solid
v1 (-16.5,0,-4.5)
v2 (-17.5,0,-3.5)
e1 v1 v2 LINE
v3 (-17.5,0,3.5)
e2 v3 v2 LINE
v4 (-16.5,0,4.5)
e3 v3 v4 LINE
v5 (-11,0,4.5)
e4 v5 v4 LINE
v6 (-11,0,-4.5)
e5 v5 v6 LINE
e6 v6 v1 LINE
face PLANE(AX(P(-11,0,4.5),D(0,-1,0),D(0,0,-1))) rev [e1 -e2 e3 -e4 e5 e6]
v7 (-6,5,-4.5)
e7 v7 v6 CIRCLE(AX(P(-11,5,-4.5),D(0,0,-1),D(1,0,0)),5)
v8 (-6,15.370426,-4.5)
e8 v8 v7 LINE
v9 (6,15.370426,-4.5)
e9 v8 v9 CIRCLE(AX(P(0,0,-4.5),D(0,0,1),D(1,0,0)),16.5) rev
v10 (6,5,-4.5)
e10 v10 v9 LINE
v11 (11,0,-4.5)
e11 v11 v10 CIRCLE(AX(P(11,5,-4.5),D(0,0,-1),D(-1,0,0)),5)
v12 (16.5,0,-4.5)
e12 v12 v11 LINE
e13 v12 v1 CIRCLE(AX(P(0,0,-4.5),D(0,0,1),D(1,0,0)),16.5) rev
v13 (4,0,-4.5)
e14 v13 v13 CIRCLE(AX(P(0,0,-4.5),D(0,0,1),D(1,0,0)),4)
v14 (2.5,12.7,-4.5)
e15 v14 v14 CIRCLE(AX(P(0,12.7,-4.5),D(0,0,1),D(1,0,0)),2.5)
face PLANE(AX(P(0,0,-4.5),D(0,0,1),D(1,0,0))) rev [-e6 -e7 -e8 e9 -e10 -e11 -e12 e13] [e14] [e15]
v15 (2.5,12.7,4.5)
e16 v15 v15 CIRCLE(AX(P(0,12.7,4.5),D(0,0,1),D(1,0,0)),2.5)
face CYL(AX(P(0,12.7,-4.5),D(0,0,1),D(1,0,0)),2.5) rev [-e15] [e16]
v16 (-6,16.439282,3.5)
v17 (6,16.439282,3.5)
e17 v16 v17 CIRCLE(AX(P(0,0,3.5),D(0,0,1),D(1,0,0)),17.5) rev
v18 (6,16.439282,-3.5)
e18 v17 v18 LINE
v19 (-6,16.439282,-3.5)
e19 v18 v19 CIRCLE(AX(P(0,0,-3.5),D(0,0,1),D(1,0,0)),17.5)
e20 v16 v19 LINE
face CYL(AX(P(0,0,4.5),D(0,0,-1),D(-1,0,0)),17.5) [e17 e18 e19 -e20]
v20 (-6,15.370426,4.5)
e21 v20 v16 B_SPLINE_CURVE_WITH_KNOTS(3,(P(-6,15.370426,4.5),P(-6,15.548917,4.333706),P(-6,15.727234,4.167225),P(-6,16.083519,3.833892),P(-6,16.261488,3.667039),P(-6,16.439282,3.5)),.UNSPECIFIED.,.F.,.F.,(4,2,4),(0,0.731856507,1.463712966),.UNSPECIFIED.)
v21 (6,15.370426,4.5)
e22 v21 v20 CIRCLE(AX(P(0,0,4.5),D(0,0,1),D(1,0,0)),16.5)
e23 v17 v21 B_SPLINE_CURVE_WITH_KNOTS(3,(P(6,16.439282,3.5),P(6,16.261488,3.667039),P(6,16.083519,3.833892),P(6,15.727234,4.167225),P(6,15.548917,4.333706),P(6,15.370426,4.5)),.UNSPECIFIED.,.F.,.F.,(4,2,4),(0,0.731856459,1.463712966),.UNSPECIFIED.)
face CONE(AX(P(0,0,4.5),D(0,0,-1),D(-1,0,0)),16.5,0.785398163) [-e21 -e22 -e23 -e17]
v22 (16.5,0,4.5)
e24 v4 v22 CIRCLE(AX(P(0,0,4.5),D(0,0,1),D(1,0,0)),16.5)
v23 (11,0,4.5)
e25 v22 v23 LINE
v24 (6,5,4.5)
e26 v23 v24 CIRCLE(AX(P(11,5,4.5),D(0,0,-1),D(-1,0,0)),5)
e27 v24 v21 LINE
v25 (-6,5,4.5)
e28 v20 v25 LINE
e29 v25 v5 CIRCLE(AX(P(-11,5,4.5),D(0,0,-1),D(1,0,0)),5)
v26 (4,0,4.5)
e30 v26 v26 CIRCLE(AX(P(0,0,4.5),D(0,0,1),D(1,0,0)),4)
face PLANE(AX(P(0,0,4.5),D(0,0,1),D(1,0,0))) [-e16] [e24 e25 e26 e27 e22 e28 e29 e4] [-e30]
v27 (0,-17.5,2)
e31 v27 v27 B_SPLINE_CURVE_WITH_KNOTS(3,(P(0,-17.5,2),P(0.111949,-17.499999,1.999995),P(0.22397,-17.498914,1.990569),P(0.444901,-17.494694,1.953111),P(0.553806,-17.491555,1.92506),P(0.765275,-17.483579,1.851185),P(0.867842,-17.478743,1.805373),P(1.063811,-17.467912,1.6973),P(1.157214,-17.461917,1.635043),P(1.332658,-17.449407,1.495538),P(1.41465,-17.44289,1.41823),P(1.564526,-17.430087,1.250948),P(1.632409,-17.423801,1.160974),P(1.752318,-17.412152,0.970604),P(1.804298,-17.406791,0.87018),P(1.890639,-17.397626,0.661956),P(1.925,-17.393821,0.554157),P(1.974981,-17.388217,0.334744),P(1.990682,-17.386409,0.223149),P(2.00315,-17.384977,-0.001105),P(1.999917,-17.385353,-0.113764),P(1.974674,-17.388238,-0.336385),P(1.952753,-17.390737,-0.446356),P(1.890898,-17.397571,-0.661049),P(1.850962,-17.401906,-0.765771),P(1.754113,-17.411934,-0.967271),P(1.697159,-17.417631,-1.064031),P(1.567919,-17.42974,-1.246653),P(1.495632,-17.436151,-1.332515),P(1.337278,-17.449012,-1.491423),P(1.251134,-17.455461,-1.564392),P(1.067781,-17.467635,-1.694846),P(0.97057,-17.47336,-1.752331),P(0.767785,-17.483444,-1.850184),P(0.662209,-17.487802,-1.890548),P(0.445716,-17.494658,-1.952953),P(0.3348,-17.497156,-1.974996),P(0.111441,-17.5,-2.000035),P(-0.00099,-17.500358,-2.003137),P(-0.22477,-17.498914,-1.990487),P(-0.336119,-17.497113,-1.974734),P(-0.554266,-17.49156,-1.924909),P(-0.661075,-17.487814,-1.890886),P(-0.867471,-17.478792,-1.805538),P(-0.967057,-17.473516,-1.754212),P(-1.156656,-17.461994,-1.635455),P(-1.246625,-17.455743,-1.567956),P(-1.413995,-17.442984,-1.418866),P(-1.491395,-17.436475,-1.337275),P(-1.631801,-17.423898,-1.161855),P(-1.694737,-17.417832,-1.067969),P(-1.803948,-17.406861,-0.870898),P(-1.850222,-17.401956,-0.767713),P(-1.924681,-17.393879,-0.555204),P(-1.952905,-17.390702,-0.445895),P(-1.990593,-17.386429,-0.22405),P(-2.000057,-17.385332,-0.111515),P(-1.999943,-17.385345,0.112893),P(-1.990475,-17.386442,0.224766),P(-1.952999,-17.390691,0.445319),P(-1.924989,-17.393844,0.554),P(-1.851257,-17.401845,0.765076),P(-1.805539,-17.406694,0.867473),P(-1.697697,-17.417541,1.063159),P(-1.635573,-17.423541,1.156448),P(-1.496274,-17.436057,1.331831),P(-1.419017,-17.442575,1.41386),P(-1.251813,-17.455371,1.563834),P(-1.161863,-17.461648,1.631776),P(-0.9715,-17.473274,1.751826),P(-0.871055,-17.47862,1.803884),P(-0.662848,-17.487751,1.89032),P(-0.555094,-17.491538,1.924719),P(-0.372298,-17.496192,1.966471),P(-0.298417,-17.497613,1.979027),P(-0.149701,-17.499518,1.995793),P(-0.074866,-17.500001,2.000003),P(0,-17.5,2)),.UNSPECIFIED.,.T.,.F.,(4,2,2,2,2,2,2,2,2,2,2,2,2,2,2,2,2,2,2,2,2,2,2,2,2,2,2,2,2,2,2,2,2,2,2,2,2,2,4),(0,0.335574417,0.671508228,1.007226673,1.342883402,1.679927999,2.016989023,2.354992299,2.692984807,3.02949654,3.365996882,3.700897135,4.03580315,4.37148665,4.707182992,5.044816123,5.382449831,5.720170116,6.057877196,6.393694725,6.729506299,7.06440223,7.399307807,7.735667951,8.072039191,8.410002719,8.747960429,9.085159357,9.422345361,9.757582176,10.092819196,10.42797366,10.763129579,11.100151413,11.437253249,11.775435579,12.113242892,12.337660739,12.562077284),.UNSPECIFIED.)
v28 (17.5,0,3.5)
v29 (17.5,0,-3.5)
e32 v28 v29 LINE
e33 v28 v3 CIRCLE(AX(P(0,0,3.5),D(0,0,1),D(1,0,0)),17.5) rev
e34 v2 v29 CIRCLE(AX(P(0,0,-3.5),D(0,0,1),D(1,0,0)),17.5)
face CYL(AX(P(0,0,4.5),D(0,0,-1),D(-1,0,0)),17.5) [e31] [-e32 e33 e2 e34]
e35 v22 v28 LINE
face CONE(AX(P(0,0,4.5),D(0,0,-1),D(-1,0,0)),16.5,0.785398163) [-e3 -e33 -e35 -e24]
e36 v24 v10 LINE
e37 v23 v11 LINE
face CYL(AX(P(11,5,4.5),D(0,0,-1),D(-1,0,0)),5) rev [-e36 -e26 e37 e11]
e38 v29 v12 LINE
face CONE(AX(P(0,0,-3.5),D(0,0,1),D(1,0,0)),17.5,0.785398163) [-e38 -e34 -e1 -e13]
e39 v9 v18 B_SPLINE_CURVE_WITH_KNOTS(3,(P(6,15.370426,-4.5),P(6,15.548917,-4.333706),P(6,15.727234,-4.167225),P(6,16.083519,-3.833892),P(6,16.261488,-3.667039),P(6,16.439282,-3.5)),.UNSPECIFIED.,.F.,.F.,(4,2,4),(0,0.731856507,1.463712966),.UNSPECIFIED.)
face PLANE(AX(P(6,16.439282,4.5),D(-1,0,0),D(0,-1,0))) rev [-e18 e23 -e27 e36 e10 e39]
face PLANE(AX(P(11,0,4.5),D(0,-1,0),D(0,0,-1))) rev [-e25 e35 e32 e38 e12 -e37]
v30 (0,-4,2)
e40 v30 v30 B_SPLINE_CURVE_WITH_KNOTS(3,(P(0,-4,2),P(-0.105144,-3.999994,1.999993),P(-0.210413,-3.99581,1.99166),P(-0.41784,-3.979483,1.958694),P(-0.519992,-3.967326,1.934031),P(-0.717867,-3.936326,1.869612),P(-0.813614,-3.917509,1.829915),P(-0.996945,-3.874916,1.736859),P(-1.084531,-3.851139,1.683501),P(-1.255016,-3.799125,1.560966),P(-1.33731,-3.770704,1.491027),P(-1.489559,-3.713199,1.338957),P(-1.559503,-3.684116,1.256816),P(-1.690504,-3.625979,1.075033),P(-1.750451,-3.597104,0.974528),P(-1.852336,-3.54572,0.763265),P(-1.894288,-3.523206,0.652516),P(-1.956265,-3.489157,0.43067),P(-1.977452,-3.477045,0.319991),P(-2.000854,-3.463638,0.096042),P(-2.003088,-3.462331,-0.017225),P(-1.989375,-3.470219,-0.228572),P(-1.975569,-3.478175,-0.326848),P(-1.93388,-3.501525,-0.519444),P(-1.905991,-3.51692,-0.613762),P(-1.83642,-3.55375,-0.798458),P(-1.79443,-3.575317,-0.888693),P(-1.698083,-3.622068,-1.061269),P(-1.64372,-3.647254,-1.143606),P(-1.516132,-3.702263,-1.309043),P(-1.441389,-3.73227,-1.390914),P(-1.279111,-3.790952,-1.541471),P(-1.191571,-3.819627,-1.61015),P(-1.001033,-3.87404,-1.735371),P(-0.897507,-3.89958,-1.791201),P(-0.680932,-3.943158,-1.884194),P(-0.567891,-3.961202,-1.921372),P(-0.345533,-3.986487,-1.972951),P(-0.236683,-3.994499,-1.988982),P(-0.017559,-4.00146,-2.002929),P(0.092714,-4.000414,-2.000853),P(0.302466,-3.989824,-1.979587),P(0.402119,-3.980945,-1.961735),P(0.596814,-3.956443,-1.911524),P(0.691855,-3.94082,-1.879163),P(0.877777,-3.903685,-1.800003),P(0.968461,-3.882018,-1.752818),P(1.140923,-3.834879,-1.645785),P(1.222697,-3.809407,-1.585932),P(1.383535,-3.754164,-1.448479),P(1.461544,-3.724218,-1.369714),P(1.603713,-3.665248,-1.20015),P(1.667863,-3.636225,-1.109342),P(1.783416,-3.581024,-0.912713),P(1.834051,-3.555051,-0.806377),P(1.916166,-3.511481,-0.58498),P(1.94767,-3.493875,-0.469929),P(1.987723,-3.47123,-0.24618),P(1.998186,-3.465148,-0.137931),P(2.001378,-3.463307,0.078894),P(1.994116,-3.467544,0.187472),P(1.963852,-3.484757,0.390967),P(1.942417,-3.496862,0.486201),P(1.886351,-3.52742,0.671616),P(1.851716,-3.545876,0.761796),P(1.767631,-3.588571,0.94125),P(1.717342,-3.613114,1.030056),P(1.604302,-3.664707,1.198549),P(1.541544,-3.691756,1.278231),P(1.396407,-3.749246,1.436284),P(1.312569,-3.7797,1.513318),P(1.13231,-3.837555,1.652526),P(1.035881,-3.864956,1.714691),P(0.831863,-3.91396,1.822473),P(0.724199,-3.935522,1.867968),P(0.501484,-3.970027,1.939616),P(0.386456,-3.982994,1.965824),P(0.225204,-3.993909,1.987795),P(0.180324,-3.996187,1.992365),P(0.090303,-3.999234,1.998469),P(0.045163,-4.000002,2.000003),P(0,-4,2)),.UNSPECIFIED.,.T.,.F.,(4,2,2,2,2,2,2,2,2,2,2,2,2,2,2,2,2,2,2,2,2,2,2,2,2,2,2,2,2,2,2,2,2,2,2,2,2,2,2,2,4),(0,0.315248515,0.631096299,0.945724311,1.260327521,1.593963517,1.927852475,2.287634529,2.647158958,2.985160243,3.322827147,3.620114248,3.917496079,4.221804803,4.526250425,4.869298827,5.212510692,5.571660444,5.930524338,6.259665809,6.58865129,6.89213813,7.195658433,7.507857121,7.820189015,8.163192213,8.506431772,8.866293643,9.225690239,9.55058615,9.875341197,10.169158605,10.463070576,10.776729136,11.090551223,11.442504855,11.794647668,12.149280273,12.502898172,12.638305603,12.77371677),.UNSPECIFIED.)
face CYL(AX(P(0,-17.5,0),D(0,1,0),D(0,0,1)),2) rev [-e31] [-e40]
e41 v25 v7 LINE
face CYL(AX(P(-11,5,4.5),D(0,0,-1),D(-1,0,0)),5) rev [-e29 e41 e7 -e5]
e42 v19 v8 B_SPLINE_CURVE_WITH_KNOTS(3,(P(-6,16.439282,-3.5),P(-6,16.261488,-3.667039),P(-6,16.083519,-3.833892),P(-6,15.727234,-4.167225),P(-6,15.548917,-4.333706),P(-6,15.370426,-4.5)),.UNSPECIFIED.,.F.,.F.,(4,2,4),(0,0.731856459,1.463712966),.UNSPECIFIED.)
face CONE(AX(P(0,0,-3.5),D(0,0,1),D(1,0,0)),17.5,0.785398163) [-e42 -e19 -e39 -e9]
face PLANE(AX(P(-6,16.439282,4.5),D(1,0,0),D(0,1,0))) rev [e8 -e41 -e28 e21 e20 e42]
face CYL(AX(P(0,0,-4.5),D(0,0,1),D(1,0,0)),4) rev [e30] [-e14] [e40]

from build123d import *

# Parameters (mm, degrees)
BOSS_EXTRUDE1_DEPTH = 4.5
SKETCH2_R           = 4
SKETCH2_R_2         = 2.5
CUT_EXTRUDE1_DEPTH  = 9
SKETCH3_R           = 2
CUT_EXTRUDE2_DEPTH  = 26.154522456
CHAMFER1_SIZE       = 1


with BuildPart() as part:
    # Sketch1 → Boss-Extrude1 (new, symmetric)
    with BuildSketch(Plane.XY):
        with BuildLine():
            Line((6, 16.439282223), (6, 5))
            ThreePointArc((6, 5), (7.464466094, 1.464466094), (11, 0))
            Line((11, 0), (17.5, 0))
            ThreePointArc((17.5, 0), (0, -17.5), (-17.5, 0))
            Line((-17.5, 0), (-11, 0))
            ThreePointArc((-11, 0), (-7.464466094, 1.464466094), (-6, 5))
            Line((-6, 5), (-6, 16.439282223))
            ThreePointArc((-6, 16.439282223), (0, 17.5), (6, 16.439282223))
        make_face()
    extrude(amount=BOSS_EXTRUDE1_DEPTH, both=True)

    # Sketch2 → Cut-Extrude1 (cut)
    with BuildSketch(Plane.XY.offset(4.5)):
        Circle(SKETCH2_R)
        with Locations((0, 12.7)):
            Circle(SKETCH2_R_2)
    extrude(amount=-CUT_EXTRUDE1_DEPTH, mode=Mode.SUBTRACT)

    # Sketch3 → Cut-Extrude2 (cut, through all)
    with BuildSketch(Plane(origin=(0, 0, 0), x_dir=(1, 0, 0), z_dir=(0, 1, 0))):
        with Locations(Location((0, 0, 0), (0, 0, 270))):
            Circle(SKETCH3_R)
    extrude(amount=-CUT_EXTRUDE2_DEPTH, mode=Mode.SUBTRACT)

    # Chamfer1
    chamfer1_edges = [part.edges().sort_by_distance(p)[0] for p in [
        (0, 17.5, -4.5),
        (0, -17.5, 4.5),
        (0, 17.5, 4.5),
        (0, -17.5, -4.5),
    ]]
    chamfer(chamfer1_edges, length=CHAMFER1_SIZE)


solid = part.part
